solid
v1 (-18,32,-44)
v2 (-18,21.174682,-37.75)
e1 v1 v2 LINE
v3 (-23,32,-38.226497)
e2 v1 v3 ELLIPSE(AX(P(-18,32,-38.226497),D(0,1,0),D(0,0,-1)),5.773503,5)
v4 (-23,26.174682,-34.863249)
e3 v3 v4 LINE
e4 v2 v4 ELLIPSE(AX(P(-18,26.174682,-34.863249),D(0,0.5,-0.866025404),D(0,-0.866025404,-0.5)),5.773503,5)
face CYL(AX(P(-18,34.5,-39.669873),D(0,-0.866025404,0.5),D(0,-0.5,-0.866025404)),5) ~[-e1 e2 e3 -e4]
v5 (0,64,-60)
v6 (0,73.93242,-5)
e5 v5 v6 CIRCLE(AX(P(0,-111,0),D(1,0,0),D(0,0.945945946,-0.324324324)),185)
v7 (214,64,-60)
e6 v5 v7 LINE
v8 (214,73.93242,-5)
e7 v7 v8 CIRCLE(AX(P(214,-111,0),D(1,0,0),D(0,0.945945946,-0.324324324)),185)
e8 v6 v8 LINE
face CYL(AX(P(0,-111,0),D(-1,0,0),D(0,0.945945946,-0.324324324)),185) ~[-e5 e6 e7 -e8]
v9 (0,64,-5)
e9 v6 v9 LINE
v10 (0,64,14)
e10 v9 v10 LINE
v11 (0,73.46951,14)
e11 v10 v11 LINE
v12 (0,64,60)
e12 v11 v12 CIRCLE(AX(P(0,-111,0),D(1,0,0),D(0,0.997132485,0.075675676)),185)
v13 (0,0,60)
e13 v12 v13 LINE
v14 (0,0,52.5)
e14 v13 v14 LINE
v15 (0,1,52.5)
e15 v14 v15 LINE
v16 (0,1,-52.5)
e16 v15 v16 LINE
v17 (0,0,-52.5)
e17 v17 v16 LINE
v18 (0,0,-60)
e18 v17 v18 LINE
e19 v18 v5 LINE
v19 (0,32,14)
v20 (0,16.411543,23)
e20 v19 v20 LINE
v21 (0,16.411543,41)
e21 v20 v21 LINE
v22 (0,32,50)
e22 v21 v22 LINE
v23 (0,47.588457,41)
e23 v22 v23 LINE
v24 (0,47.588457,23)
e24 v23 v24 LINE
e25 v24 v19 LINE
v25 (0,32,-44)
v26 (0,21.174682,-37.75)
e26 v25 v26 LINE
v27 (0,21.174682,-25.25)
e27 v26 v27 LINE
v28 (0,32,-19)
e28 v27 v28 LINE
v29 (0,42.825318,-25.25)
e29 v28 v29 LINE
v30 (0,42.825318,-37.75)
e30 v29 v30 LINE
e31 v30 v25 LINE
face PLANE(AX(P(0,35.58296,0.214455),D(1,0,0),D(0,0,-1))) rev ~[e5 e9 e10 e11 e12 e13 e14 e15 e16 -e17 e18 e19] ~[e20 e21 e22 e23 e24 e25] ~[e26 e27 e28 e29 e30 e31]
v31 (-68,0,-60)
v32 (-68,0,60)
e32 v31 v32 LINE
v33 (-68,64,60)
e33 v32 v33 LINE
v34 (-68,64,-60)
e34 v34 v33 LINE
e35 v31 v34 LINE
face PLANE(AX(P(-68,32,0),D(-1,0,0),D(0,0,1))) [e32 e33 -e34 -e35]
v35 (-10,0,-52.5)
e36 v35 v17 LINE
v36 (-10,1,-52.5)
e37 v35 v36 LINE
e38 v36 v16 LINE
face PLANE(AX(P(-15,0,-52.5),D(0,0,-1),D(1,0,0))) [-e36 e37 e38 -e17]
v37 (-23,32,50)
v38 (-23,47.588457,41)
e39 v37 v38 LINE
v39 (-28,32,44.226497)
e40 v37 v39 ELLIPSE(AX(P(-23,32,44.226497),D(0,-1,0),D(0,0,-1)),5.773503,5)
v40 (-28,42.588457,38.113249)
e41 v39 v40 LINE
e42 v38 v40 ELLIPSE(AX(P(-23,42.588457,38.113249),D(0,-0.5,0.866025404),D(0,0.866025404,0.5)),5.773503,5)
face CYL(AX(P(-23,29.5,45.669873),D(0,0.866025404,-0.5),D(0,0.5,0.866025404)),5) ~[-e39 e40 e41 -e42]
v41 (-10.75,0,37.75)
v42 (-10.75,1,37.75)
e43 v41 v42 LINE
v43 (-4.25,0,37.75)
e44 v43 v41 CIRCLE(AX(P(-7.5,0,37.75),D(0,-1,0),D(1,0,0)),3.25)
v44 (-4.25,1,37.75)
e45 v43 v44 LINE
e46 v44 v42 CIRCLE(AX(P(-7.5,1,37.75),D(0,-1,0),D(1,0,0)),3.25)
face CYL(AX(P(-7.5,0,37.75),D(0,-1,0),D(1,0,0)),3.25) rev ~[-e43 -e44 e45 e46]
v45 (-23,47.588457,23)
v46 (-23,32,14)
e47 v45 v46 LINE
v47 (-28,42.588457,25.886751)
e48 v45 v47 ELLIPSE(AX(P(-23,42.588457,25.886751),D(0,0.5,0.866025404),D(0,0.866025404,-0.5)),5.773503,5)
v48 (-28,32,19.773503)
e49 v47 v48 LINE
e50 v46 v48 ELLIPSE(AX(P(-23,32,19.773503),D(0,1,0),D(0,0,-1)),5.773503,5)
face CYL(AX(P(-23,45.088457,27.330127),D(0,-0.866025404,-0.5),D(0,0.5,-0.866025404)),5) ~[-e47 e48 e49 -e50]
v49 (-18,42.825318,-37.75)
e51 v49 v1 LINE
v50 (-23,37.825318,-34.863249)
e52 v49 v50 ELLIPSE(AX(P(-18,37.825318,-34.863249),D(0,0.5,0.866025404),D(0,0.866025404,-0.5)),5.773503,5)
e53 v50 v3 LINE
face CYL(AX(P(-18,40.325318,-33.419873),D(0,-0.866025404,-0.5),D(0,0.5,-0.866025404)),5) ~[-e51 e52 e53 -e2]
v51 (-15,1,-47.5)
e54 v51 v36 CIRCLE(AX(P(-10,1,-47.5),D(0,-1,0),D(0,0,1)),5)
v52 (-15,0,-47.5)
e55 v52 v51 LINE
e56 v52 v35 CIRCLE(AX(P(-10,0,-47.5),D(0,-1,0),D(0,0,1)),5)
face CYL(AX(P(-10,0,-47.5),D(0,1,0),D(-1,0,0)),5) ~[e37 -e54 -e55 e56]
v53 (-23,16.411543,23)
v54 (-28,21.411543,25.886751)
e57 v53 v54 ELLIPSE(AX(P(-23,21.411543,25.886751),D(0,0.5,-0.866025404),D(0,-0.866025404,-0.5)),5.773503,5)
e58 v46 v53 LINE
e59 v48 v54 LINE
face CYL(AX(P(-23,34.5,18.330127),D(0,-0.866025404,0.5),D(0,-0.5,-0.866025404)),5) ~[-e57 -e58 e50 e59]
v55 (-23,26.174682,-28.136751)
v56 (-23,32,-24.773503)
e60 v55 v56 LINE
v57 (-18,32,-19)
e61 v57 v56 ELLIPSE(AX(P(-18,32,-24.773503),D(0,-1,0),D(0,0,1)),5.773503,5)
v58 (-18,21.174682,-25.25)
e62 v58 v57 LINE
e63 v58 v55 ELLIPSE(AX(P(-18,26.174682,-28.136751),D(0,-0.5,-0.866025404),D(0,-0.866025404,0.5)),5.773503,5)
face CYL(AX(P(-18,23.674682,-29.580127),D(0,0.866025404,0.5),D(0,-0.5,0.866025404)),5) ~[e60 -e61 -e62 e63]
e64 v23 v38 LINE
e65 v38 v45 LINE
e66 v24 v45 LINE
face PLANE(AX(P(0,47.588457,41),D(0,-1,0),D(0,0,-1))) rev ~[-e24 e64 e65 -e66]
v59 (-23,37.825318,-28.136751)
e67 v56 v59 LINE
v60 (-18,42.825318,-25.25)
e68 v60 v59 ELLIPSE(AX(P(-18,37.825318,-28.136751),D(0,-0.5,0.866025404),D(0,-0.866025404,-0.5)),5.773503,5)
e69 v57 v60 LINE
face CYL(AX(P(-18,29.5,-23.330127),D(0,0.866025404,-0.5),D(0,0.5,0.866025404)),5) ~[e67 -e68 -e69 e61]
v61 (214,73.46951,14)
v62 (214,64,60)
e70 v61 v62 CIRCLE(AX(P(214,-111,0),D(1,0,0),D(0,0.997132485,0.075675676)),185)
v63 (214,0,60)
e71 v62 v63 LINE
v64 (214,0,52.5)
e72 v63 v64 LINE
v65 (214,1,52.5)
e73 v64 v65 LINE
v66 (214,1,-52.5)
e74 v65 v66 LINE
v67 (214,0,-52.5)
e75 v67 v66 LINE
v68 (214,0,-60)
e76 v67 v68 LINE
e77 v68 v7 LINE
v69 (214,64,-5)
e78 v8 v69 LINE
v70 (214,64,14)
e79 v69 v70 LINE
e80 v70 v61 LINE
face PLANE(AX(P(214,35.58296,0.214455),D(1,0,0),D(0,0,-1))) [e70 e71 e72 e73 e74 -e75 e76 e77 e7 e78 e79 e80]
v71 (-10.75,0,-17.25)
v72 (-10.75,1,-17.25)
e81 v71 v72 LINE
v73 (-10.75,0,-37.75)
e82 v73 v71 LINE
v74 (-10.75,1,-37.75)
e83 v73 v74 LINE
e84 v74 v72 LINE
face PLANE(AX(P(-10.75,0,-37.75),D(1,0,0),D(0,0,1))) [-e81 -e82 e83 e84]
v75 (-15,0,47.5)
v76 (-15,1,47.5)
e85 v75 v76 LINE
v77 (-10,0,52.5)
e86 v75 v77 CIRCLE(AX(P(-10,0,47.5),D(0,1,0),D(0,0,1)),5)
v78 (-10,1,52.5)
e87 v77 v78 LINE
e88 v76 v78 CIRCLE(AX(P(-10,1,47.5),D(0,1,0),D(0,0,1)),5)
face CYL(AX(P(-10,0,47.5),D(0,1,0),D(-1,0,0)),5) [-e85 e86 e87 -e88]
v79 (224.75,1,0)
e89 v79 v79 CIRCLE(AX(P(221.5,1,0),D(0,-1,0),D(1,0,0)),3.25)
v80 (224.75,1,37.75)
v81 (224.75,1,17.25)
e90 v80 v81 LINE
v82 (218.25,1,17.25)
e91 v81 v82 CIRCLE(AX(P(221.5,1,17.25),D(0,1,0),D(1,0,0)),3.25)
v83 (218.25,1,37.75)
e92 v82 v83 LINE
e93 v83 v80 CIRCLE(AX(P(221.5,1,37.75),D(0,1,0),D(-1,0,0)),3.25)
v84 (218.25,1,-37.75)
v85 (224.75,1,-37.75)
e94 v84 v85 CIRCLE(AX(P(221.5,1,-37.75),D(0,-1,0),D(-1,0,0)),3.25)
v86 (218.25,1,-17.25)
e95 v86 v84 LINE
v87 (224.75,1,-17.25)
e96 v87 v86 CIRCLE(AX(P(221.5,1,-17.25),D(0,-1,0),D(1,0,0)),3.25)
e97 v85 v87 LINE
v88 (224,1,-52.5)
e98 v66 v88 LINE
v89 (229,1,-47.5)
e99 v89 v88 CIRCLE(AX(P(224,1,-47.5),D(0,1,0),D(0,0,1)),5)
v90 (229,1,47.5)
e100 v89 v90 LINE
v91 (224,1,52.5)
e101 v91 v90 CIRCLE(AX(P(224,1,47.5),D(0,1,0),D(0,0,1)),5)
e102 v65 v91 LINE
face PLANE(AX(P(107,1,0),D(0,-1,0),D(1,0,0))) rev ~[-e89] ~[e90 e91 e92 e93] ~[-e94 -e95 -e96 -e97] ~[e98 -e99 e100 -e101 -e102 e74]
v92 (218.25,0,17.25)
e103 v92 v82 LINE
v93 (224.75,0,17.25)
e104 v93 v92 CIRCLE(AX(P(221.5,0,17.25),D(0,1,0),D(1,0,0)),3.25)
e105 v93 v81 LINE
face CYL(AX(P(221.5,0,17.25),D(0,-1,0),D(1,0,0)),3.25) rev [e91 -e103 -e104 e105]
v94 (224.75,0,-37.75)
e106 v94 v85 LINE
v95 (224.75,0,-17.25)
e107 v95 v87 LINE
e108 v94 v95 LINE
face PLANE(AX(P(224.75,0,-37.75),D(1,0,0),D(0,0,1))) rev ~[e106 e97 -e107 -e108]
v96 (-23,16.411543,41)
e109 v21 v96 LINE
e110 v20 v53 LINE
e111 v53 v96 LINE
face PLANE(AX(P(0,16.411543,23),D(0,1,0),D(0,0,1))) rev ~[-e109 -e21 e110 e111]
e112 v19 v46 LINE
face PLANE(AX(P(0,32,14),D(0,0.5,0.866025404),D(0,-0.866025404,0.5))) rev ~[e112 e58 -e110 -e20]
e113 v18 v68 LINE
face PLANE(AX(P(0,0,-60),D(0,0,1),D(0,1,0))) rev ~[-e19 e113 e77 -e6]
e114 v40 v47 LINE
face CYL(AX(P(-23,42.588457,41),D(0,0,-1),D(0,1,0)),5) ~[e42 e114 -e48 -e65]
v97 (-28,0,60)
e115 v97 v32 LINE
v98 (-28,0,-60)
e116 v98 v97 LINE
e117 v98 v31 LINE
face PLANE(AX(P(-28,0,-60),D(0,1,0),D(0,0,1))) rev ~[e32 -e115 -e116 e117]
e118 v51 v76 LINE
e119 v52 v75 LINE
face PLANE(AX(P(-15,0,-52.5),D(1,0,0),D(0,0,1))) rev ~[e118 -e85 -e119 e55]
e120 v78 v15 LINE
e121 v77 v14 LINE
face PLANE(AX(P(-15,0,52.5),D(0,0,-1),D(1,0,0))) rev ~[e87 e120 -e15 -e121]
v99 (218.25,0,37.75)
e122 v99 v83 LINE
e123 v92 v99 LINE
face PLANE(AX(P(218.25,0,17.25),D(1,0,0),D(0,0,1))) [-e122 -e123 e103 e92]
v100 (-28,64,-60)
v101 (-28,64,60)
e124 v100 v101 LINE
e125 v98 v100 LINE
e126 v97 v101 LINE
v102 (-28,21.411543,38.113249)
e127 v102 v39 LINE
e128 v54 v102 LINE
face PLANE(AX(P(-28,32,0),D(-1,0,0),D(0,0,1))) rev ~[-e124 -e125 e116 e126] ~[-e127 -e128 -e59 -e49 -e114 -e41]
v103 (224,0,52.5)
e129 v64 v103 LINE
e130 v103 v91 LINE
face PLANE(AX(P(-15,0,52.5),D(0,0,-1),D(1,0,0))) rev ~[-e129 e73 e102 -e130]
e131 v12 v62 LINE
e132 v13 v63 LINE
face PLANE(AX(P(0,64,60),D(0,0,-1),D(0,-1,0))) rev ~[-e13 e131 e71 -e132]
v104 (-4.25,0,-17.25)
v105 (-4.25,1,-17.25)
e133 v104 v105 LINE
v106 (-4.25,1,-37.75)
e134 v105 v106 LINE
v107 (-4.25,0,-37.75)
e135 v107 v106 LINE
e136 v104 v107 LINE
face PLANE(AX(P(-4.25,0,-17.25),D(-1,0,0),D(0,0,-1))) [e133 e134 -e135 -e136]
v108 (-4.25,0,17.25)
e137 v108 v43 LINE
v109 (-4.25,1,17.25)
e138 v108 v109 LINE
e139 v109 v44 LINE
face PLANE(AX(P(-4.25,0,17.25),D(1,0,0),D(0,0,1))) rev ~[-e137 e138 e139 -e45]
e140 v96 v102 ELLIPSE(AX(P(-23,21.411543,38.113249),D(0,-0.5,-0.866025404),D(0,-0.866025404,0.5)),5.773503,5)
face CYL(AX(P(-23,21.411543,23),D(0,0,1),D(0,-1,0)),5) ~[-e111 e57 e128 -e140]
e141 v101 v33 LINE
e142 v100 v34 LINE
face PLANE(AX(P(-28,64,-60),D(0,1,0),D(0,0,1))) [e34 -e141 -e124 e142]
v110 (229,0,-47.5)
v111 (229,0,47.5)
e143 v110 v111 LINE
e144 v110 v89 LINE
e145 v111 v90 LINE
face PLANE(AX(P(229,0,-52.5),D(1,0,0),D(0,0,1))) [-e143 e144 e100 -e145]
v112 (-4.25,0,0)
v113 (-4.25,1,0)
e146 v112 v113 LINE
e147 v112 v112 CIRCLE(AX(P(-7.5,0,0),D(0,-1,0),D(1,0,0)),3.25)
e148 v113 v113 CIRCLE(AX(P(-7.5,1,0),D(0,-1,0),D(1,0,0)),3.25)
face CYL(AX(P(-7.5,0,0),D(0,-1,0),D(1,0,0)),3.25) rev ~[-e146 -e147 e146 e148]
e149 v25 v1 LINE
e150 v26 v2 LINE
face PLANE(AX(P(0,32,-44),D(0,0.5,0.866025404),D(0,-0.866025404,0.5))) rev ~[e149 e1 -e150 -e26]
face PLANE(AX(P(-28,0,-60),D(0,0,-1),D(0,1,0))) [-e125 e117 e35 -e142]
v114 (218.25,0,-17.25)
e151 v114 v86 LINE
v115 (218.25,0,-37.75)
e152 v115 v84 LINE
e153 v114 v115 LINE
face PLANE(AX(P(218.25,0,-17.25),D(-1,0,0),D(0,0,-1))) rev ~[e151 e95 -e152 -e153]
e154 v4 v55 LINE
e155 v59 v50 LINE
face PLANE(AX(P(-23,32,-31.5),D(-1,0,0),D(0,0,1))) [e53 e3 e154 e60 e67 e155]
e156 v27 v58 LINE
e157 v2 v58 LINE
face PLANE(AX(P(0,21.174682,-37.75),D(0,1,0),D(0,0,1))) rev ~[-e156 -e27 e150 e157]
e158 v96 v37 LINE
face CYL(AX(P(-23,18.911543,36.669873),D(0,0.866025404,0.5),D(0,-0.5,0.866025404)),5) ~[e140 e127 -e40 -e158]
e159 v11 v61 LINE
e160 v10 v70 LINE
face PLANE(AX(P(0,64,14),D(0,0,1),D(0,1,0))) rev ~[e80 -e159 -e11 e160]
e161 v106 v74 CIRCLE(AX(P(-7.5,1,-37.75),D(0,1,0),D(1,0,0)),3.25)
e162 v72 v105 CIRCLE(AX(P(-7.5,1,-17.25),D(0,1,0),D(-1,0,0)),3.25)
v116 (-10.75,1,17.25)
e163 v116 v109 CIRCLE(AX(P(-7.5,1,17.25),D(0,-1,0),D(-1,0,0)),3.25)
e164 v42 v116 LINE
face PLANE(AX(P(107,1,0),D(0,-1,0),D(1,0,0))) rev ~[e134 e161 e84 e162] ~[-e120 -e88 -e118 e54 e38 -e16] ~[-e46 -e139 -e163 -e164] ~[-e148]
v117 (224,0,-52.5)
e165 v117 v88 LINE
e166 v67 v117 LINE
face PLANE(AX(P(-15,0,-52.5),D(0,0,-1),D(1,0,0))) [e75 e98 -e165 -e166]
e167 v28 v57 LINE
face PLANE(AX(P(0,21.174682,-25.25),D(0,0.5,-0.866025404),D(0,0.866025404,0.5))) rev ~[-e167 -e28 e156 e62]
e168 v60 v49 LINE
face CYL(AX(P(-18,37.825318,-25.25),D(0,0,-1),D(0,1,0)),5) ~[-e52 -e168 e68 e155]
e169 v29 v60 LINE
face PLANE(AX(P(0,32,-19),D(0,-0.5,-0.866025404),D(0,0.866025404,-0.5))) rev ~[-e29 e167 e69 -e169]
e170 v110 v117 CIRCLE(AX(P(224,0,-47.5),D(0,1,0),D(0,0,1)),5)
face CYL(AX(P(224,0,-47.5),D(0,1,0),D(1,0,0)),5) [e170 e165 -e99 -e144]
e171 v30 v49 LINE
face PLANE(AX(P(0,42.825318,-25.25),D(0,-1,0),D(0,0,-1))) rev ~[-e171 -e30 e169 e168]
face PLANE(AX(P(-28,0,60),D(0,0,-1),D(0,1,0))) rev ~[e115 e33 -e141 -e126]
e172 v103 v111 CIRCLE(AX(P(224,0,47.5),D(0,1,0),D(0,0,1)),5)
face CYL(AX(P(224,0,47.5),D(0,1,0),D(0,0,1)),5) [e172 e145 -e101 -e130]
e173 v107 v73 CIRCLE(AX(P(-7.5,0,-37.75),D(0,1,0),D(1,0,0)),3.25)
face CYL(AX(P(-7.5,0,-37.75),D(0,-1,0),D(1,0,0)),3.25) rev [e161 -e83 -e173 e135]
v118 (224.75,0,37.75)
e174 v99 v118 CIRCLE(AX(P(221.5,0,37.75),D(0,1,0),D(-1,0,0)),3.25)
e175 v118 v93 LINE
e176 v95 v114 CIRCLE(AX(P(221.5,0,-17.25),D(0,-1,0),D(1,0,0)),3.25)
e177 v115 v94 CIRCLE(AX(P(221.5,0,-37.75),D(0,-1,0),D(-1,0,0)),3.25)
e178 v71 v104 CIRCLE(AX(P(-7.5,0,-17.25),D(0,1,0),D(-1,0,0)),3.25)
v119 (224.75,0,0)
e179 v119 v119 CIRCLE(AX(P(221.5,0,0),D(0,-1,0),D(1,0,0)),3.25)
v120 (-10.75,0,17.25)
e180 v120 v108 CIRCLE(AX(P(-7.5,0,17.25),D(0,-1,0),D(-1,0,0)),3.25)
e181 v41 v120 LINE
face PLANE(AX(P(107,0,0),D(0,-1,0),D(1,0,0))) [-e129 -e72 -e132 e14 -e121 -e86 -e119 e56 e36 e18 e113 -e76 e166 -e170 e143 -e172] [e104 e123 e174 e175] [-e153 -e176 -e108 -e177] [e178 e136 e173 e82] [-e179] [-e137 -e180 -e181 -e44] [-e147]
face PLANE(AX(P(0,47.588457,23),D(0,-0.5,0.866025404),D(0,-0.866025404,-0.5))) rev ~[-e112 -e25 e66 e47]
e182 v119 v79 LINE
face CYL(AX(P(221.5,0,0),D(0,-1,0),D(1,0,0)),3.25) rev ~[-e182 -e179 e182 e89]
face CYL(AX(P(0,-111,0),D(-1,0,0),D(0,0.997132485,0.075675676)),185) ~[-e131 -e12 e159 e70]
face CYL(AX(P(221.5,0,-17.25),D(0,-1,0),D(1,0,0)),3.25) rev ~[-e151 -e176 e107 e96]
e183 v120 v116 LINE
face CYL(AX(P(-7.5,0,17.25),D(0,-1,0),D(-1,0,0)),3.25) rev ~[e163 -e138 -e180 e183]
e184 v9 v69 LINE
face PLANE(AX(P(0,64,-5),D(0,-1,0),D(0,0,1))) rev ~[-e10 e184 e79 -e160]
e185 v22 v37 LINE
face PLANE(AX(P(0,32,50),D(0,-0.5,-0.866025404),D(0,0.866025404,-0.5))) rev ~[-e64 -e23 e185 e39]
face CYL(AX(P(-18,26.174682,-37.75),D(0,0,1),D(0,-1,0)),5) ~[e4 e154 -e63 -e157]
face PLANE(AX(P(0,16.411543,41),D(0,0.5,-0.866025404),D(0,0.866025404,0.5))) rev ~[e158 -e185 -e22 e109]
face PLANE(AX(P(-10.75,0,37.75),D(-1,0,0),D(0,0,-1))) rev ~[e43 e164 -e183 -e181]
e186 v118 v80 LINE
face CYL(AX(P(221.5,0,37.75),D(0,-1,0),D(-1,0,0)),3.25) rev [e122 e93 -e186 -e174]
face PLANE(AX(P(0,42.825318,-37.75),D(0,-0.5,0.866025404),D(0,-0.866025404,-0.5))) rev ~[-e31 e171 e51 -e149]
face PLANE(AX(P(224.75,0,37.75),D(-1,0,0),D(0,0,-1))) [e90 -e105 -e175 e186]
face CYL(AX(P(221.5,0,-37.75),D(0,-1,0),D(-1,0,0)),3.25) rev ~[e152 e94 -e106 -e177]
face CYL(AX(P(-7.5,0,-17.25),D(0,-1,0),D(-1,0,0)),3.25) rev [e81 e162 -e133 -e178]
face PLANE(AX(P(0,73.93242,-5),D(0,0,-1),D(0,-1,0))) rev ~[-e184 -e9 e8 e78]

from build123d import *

# Parameters (mm, degrees)
EXTRUDE_1_DEPTH = 214
EXTRUDE_2_DEPTH = 23
EXTRUDE_3_DEPTH = 28
FILLET_1_R      = 5
SKETCH_4_W      = 244
SKETCH_4_H      = 105
SKETCH_4_R      = 3.25
EXTRUDE_4_DEPTH = 1
FILLET_2_R      = 5
SKETCH_5_W      = 120
SKETCH_5_H      = 64
EXTRUDE_5_DEPTH = 40


with BuildPart() as part:
    # Эскиз1 → Бобышка-Вытянуть1 (new body)
    with BuildSketch(Plane(origin=(0, 0, 0), x_dir=(0, 0, -1), z_dir=(1, 0, 0))):
        with BuildLine():
            Line((-60, 0), (60, 0))
            Line((60, 0), (60, 64))
            ThreePointArc((60, 64), (32.877245052, 71.055175037), (5, 73.932420089))
            Line((5, 73.932420089), (5, 64))
            Line((5, 64), (-14, 64))
            Line((-14, 64), (-14, 73.469509676))
            ThreePointArc((-14, 73.469509676), (-37.301714483, 70.200392098), (-60, 64))
            Line((-60, 64), (-60, 0))
        make_face()
    extrude(amount=EXTRUDE_1_DEPTH)

    # Эскиз2 → Бобышка-Вытянуть2 (add)
    with BuildSketch(Plane.ZY):
        Polygon((-19, 32), (-25.25, 42.825317547), (-37.75, 42.825317547), (-44, 32), (-37.75, 21.174682453), (-25.25, 21.174682453), align=None)
    extrude(amount=EXTRUDE_2_DEPTH)

    # Эскиз2<3> → Бобышка-Вытянуть3 (add)
    with BuildSketch(Plane.ZY):
        Polygon((50, 32), (41, 47.588457268), (23, 47.588457268), (14, 32), (23, 16.411542732), (41, 16.411542732), align=None)
    extrude(amount=EXTRUDE_3_DEPTH)

    # Скругление1
    fillet_1_edges = [part.edges().sort_by_distance(p)[0] for p in [
        (-23, 42.825317547, -31.5),
        (-23, 37.412658774, -40.875),
        (-23, 26.587341226, -40.875),
        (-23, 21.174682453, -31.5),
        (-23, 26.587341226, -22.125),
        (-23, 37.412658774, -22.125),
        (-28, 39.794228634, 45.5),
        (-28, 47.588457268, 32),
        (-28, 39.794228634, 18.5),
        (-28, 24.205771366, 18.5),
        (-28, 16.411542732, 32),
        (-28, 24.205771366, 45.5),
    ]]
    fillet(fillet_1_edges, radius=FILLET_1_R)

    # Эскиз4 → Бобышка-Вытянуть4 (add)
    with BuildSketch(Plane.XZ):
        with Locations((107, 0)):
            Rectangle(SKETCH_4_W, SKETCH_4_H)
        with Locations((221.5, 0)):
            Circle(SKETCH_4_R, mode=Mode.SUBTRACT)
        with Locations((-7.5, 0)):
            Circle(SKETCH_4_R, mode=Mode.SUBTRACT)
        with BuildLine():
            Line((224.75, 37.75), (224.75, 17.25))
            ThreePointArc((224.75, 17.25), (221.5, 14), (218.25, 17.25))
            Line((218.25, 17.25), (218.25, 37.75))
            ThreePointArc((218.25, 37.75), (221.5, 41), (224.75, 37.75))
        make_face(mode=Mode.SUBTRACT)
        with BuildLine():
            Line((224.75, -37.75), (224.75, -17.25))
            ThreePointArc((224.75, -17.25), (221.5, -14), (218.25, -17.25))
            Line((218.25, -17.25), (218.25, -37.75))
            ThreePointArc((218.25, -37.75), (221.5, -41), (224.75, -37.75))
        make_face(mode=Mode.SUBTRACT)
        with BuildLine():
            Line((-10.75, 37.75), (-10.75, 17.25))
            ThreePointArc((-10.75, 17.25), (-7.5, 14), (-4.25, 17.25))
            Line((-4.25, 17.25), (-4.25, 37.75))
            ThreePointArc((-4.25, 37.75), (-7.5, 41), (-10.75, 37.75))
        make_face(mode=Mode.SUBTRACT)
        with BuildLine():
            Line((-10.75, -37.75), (-10.75, -17.25))
            ThreePointArc((-10.75, -17.25), (-7.5, -14), (-4.25, -17.25))
            Line((-4.25, -17.25), (-4.25, -37.75))
            ThreePointArc((-4.25, -37.75), (-7.5, -41), (-10.75, -37.75))
        make_face(mode=Mode.SUBTRACT)
    extrude(amount=-EXTRUDE_4_DEPTH)

    # Скругление2
    fillet_2_edges = [part.edges().sort_by_distance(p)[0] for p in [
        (229, 0.5, -52.5),
        (-15, 0.5, -52.5),
        (-15, 0.5, 52.5),
        (229, 0.5, 52.5),
    ]]
    fillet(fillet_2_edges, radius=FILLET_2_R)

    # Эскиз5 → Бобышка-Вытянуть5 (add)
    with BuildSketch(Plane.ZY.offset(28)):
        with Locations((0, 32)):
            Rectangle(SKETCH_5_W, SKETCH_5_H)
    extrude(amount=EXTRUDE_5_DEPTH)


solid = part.part
